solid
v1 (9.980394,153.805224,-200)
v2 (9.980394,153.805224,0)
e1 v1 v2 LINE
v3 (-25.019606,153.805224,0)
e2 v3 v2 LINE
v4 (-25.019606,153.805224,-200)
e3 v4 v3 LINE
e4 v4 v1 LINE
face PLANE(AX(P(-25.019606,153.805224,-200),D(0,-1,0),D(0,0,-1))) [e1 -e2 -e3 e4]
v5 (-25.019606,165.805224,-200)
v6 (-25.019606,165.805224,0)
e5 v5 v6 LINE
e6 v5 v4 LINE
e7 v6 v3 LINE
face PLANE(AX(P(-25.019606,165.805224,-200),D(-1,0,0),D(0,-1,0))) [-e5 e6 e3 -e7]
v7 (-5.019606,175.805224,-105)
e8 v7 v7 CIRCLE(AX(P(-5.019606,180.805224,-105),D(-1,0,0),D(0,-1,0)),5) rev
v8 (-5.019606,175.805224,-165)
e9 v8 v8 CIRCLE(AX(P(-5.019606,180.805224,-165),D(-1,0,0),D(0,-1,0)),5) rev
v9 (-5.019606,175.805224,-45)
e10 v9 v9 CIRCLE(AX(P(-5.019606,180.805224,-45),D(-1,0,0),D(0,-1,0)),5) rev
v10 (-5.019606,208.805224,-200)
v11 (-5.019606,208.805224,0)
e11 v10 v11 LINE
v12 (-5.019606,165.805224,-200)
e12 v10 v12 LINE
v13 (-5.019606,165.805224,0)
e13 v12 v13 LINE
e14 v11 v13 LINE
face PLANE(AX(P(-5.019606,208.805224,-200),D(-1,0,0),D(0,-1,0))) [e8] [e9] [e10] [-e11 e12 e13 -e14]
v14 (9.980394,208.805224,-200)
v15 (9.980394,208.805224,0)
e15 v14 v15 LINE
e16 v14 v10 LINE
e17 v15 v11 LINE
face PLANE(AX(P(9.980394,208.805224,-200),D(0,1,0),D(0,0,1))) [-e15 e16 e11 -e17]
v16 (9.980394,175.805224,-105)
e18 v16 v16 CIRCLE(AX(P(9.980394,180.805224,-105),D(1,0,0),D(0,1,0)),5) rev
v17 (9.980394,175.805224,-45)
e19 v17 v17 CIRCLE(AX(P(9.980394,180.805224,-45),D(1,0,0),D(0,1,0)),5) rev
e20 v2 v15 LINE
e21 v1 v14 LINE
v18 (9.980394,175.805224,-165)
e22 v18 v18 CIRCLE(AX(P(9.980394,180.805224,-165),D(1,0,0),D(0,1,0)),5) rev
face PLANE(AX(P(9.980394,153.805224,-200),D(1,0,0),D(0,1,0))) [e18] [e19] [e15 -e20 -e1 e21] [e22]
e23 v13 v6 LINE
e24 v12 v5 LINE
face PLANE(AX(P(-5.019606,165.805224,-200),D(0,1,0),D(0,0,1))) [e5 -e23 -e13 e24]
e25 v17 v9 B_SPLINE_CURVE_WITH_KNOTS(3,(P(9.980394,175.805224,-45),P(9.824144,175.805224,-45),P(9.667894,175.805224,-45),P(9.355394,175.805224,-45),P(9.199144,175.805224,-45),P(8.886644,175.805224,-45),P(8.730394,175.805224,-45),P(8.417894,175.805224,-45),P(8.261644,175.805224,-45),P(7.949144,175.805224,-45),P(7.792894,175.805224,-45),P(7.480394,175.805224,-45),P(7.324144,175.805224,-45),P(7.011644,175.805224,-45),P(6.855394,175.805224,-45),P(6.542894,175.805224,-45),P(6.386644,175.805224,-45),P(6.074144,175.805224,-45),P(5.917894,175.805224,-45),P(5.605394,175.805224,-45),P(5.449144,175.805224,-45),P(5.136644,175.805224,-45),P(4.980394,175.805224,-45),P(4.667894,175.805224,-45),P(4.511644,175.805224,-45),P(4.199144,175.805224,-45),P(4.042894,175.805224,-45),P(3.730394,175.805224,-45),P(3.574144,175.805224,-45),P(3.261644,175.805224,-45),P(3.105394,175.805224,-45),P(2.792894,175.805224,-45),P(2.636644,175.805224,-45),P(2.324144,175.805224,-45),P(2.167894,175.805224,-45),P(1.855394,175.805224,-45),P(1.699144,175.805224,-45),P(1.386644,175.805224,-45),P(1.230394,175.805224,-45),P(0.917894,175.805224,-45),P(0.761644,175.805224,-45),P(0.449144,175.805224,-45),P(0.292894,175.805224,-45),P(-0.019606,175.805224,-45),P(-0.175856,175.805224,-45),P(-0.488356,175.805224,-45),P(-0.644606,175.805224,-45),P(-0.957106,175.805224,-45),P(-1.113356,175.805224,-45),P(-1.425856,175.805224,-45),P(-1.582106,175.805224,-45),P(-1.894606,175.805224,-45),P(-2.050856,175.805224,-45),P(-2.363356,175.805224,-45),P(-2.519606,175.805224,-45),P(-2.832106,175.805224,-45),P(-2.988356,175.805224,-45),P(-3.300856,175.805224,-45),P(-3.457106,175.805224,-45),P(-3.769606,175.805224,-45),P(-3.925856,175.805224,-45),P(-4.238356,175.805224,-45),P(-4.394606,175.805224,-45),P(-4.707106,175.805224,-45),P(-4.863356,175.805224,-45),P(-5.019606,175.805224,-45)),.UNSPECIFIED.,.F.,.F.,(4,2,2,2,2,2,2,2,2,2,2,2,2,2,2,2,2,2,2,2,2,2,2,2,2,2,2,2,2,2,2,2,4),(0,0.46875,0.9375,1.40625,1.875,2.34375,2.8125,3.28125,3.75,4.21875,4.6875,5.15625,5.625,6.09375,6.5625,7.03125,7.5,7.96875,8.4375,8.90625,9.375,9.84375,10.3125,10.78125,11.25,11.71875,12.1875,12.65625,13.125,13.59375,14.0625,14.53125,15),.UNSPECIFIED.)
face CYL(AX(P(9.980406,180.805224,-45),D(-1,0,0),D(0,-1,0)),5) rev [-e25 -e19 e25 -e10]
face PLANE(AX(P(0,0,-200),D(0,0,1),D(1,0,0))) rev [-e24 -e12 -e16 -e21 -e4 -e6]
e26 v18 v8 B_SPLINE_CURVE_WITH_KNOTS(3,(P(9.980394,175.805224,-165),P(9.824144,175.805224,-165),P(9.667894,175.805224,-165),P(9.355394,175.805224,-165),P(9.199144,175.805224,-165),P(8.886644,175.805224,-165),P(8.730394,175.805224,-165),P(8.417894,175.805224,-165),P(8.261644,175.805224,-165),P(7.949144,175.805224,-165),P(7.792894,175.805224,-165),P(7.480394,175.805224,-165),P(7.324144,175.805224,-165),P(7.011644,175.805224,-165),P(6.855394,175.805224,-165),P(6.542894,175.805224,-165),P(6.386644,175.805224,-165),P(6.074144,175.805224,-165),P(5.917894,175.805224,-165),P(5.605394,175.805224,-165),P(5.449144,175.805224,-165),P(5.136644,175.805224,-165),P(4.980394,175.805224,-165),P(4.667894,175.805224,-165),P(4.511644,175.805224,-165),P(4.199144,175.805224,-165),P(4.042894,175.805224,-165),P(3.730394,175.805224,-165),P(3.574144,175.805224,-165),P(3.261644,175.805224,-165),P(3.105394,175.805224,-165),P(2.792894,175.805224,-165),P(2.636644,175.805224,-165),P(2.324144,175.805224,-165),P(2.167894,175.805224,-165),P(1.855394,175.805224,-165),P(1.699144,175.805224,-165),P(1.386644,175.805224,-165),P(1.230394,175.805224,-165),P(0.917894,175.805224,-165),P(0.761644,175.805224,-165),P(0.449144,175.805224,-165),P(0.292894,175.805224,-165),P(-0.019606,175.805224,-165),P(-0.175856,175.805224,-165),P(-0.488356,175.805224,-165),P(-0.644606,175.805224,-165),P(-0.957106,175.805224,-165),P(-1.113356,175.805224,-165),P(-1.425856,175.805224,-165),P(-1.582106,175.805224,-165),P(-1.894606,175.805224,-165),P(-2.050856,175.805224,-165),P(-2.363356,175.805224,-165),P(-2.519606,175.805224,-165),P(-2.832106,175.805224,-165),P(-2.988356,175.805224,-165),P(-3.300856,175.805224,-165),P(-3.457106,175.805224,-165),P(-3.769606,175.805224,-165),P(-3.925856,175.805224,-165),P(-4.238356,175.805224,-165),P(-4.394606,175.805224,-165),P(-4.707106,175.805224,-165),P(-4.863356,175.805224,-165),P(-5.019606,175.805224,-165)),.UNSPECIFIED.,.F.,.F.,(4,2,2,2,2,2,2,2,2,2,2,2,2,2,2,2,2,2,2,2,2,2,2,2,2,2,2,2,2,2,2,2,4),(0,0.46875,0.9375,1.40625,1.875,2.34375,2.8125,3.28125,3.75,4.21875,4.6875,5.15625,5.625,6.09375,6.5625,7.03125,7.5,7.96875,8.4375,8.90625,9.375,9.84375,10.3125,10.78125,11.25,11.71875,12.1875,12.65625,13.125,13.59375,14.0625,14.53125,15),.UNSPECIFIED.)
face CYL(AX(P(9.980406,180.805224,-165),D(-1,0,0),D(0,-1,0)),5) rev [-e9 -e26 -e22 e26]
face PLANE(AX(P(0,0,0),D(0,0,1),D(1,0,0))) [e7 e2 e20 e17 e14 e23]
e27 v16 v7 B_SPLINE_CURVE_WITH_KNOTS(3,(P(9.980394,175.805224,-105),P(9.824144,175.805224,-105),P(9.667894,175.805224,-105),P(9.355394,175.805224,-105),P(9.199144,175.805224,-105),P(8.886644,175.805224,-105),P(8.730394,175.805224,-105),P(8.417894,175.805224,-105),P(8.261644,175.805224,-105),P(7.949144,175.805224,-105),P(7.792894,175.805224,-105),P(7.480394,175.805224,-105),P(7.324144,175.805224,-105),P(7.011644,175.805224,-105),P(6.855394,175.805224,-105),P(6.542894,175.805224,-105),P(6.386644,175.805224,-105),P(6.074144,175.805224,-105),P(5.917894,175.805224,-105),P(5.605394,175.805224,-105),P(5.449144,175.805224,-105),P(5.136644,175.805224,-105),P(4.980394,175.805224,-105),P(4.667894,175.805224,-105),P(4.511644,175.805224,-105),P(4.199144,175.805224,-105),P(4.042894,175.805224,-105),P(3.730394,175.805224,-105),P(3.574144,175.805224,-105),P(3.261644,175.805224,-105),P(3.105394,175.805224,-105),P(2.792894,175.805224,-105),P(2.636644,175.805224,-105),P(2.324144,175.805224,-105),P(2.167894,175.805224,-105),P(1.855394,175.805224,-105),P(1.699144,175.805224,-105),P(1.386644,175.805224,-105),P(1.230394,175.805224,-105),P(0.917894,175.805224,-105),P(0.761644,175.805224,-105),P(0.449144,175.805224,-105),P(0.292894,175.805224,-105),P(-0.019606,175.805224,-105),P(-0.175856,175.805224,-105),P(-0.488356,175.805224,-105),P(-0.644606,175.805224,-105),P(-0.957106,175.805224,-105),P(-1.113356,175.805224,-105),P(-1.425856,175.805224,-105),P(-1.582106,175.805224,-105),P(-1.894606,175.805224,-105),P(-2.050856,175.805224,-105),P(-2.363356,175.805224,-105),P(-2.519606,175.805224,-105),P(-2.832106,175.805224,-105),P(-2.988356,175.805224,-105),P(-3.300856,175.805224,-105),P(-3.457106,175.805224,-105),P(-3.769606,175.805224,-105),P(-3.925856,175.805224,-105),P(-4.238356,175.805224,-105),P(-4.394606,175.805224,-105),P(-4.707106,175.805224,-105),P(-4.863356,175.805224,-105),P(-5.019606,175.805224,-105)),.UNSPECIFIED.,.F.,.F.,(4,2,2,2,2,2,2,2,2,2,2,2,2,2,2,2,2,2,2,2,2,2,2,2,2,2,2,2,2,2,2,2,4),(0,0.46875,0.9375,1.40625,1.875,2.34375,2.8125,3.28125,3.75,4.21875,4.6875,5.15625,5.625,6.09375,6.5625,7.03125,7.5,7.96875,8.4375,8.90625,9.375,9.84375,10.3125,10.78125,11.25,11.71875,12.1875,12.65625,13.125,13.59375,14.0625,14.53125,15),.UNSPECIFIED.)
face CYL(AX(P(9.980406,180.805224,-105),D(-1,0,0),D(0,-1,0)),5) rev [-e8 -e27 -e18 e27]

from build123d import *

# Parameters (mm, degrees)
EXTRUDE_1_DEPTH                 = 200
CUT_EXTRUDE_1_REACH             = 293.247
SKETCH_2_R                      = 5
CUT_EXTRUDE_1_DIRECTION_2_DEPTH = 292.246667899


with BuildPart() as part:
    # 草圖1 → 填料-伸長1 (new body)
    with BuildSketch(Plane.XY):
        Polygon((-5.019605957, 208.805223982), (-5.019605957, 165.805223982), (-25.019605957, 165.805223982), (-25.019605957, 153.805223982), (9.980394043, 153.805223982), (9.980394043, 208.805223982), align=None)
    extrude(amount=-EXTRUDE_1_DEPTH)

    # 草圖2 → 除料-伸長1 (cut, up to next)
    with BuildSketch(Plane(origin=(9.980394043, 0, 0), x_dir=(0, 0, -1), z_dir=(1, 0, 0)), mode=Mode.PRIVATE) as cut_extrude_1_sk1:
        with Locations(Location((45, 180.805223982, 0), (0, 0, 270))):
            Circle(SKETCH_2_R)
    cut_extrude_1_tool1 = extrude(cut_extrude_1_sk1.sketch, amount=-CUT_EXTRUDE_1_REACH, mode=Mode.PRIVATE) & part.part
    # 草圖2 → 除料-伸長1 (cut, up to next)
    with BuildSketch(Plane(origin=(9.980394043, 0, 0), x_dir=(0, 0, -1), z_dir=(1, 0, 0)), mode=Mode.PRIVATE) as cut_extrude_1_sk2:
        with Locations(Location((105, 180.805223982, 0), (0, 0, 270))):
            Circle(SKETCH_2_R)
    cut_extrude_1_tool2 = extrude(cut_extrude_1_sk2.sketch, amount=-CUT_EXTRUDE_1_REACH, mode=Mode.PRIVATE) & part.part
    # 草圖2 → 除料-伸長1 (cut, up to next)
    with BuildSketch(Plane(origin=(9.980394043, 0, 0), x_dir=(0, 0, -1), z_dir=(1, 0, 0)), mode=Mode.PRIVATE) as cut_extrude_1_sk3:
        with Locations(Location((165, 180.805223982, 0), (0, 0, 270))):
            Circle(SKETCH_2_R)
    cut_extrude_1_tool3 = extrude(cut_extrude_1_sk3.sketch, amount=-CUT_EXTRUDE_1_REACH, mode=Mode.PRIVATE) & part.part
    add(cut_extrude_1_tool1.solids().sort_by_distance((9.980394, 180.805224, -45))[0], mode=Mode.SUBTRACT)
    add(cut_extrude_1_tool2.solids().sort_by_distance((9.980394, 180.805224, -105))[0], mode=Mode.SUBTRACT)
    add(cut_extrude_1_tool3.solids().sort_by_distance((9.980394, 180.805224, -165))[0], mode=Mode.SUBTRACT)

    # 草圖2 → 除料-伸長1 direction 2 (cut)
    with BuildSketch(Plane(origin=(9.980394043, 0, 0), x_dir=(0, 0, -1), z_dir=(1, 0, 0))):
        with Locations(Location((45, 180.805223982, 0), (0, 0, 270))):
            Circle(SKETCH_2_R)
        with Locations(Location((105, 180.805223982, 0), (0, 0, 270))):
            Circle(SKETCH_2_R)
        with Locations(Location((165, 180.805223982, 0), (0, 0, 270))):
            Circle(SKETCH_2_R)
    extrude(amount=CUT_EXTRUDE_1_DIRECTION_2_DEPTH, mode=Mode.SUBTRACT)


solid = part.part
